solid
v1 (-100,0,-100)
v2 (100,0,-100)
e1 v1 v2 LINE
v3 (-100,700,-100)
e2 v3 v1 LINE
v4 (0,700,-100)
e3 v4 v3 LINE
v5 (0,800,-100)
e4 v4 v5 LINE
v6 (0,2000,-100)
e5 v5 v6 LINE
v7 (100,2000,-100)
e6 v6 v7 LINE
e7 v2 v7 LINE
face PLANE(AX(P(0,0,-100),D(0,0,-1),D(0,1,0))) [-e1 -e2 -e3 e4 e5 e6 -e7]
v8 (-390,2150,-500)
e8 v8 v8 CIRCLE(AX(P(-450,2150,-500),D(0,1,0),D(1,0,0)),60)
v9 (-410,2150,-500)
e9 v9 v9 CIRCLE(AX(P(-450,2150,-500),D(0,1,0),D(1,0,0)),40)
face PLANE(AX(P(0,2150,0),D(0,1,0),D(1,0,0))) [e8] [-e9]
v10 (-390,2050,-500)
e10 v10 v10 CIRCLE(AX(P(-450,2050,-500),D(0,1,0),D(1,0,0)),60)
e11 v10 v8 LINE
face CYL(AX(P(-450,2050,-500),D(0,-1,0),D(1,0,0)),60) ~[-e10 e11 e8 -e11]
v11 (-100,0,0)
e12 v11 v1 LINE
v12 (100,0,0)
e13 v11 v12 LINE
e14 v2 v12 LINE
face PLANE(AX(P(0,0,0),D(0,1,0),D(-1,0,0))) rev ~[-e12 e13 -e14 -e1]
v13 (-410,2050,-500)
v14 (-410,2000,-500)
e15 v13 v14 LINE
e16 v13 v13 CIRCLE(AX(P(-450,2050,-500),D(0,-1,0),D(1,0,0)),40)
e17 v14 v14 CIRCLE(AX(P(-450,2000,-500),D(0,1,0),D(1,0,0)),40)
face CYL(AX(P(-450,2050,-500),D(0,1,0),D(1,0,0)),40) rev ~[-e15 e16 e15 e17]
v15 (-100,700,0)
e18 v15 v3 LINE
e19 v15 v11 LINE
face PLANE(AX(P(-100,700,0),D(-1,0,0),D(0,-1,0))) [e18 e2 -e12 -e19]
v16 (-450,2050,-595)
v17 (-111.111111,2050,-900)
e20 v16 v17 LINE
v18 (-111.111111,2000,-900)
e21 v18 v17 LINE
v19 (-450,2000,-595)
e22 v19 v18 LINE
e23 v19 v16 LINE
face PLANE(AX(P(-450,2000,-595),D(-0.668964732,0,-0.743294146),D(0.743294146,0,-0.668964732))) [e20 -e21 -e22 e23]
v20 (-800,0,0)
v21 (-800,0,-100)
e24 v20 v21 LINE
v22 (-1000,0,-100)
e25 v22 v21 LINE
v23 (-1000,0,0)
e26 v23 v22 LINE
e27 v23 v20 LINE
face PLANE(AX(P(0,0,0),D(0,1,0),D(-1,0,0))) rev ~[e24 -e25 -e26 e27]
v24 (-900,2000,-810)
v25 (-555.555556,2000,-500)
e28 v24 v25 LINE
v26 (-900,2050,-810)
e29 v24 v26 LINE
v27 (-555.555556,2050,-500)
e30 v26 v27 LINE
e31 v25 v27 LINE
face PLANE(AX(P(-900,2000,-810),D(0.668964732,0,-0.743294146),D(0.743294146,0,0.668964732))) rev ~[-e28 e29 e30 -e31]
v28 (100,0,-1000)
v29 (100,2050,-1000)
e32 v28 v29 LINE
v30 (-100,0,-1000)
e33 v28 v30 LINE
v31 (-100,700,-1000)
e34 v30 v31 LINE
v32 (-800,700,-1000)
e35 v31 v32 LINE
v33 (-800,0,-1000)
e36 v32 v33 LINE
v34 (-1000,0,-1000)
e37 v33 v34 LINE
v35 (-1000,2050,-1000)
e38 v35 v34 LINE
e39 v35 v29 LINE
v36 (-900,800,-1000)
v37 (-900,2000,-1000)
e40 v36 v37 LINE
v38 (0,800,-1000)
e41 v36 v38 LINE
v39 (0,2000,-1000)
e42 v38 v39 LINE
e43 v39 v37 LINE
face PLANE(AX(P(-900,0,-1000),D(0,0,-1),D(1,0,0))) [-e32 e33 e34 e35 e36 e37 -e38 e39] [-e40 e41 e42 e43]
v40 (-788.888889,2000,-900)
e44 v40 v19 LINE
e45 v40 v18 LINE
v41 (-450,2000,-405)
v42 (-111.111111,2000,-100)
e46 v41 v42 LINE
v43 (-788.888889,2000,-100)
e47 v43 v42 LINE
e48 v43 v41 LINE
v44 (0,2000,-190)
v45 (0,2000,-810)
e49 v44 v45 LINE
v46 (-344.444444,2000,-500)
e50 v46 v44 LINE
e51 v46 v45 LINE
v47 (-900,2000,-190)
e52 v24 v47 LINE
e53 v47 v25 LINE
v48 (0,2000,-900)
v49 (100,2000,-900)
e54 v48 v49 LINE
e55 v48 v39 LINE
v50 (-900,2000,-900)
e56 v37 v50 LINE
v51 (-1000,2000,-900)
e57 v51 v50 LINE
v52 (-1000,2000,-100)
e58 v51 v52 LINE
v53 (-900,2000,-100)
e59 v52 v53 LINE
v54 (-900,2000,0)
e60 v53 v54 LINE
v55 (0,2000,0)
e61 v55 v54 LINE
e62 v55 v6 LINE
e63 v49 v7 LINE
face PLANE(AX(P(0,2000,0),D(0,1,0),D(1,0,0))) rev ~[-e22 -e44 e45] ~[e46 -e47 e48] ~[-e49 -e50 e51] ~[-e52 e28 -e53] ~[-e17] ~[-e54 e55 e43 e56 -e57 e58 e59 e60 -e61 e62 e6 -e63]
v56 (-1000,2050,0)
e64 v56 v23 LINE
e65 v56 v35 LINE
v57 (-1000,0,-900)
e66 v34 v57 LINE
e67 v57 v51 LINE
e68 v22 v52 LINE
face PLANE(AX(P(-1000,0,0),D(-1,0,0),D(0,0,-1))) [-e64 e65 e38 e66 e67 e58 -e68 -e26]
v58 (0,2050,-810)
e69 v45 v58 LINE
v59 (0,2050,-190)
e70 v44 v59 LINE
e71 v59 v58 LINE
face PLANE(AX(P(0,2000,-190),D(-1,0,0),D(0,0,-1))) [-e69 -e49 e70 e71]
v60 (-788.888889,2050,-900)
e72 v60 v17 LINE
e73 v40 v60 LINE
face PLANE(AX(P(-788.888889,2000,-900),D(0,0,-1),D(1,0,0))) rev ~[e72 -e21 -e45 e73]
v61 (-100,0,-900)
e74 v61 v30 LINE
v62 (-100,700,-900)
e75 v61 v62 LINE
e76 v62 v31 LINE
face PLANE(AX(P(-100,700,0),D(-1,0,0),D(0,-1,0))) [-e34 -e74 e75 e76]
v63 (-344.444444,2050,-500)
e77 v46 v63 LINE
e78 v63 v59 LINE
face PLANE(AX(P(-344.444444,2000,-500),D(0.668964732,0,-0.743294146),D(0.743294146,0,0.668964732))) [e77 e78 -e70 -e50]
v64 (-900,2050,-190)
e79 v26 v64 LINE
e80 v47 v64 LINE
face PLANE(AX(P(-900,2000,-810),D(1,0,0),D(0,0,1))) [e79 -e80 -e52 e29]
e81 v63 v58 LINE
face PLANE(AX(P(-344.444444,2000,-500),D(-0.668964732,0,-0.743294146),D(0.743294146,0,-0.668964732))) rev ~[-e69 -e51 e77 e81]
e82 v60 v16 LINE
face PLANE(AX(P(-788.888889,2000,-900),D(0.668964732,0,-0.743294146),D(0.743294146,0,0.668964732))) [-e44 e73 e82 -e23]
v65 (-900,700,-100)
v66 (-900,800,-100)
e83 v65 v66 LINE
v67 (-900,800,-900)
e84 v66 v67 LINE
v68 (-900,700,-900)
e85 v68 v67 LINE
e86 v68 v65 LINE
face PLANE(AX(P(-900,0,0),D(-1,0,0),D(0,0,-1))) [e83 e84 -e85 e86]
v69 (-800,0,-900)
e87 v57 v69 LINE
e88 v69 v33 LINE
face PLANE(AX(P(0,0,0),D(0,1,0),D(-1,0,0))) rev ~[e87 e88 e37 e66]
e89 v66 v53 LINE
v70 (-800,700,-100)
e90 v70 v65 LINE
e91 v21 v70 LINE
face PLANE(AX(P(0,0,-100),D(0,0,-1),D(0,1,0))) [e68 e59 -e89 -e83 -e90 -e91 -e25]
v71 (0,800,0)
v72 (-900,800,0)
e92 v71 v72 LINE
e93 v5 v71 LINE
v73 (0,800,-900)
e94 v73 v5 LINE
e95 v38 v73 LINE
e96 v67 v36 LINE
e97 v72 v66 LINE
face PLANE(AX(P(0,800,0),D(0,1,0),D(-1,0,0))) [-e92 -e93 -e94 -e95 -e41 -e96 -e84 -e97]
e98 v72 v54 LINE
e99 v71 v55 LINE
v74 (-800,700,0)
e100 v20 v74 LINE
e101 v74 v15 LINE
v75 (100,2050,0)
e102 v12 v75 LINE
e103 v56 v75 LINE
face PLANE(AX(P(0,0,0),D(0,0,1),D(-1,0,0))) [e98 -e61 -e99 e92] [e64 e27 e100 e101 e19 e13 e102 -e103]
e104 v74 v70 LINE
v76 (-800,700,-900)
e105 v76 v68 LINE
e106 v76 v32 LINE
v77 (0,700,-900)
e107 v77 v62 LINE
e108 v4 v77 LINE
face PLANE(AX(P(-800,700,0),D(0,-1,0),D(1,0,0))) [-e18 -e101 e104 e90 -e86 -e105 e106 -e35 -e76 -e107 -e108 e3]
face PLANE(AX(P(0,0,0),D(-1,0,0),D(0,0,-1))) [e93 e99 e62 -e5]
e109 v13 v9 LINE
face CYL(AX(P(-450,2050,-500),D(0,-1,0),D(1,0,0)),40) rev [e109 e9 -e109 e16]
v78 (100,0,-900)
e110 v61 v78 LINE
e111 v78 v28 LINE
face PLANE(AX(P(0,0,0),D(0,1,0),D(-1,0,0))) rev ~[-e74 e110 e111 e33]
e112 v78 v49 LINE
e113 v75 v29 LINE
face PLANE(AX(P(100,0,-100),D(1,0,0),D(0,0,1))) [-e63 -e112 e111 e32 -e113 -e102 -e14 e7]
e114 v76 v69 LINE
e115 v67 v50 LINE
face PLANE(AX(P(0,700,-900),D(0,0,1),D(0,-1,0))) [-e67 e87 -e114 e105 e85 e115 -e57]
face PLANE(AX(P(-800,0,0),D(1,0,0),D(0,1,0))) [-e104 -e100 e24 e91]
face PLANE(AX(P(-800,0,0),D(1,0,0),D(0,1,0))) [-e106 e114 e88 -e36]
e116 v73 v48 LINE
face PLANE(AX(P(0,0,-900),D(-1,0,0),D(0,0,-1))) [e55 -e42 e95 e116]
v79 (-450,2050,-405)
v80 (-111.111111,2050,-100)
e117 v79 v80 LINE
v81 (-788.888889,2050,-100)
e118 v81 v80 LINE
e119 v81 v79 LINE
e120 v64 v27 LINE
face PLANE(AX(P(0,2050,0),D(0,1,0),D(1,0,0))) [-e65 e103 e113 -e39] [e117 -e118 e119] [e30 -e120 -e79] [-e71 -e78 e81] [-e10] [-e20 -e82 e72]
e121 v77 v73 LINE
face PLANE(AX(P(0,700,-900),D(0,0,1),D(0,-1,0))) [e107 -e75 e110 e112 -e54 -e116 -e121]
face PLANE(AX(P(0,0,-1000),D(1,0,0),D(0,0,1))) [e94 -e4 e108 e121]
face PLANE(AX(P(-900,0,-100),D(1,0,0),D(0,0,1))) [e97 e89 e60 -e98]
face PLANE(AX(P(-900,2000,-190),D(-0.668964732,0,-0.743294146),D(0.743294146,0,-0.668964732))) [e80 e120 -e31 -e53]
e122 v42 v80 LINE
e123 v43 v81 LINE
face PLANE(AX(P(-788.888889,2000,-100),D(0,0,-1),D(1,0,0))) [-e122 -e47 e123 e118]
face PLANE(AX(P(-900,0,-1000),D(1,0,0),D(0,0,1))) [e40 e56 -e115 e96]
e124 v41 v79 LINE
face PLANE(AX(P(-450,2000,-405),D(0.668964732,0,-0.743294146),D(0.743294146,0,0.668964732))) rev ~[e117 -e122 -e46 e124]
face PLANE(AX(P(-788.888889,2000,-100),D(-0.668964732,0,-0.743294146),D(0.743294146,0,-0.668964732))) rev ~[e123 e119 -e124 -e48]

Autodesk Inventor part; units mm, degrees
ref_plane "YZ Plane" through (0, 0, 0) normal (1, 0, 0) x (0, 1, 0)
ref_plane "XZ Plane" through (0, 0, 0) normal (0, 1, 0) x (-1, 0, 0)
ref_plane "XY Plane" through (0, 0, 0) normal (0, 0, 1) x (1, 0, 0)
sketch "Sketch2" plane through (0, 0, 0) normal (0, 1, 0) x (-1, 0, 0)
  line L0 (0, 0) -> (900, 0)
  line L1 (900, 0) -> (900, -1000)
  line L2 (900, -1000) -> (0, -1000)
  line L3 (0, -1000) -> (0, 0)
  dimension "d0" = 900
  dimension "d1" = 1000
extrude "Extrusion1" add sketch "Sketch2" along normal blind 800
sketch "Sketch3" plane through (-900, 0, 0) normal (0, 0, 1) x (1, 0, 0)
  line L0 (900, 0) -> (0, 0) projected
  line L1 (0, 0) -> (100, 0)
  line L2 (900, 0) -> (900, 800) projected
  line L3 (900, 0) -> (800, 0)
  line L4 (800, 0) -> (100, 0)
  line L5 (100, 0) -> (100, 700)
  line L6 (100, 700) -> (800, 700)
  line L7 (800, 700) -> (800, 0)
  dimension "d4" = 100
  dimension "d5" = 100
  dimension "d6" = 700
extrude "Extrusion2" cut sketch "Sketch3" against normal through all
sketch "Sketch4" plane through (0, 0, 0) normal (1, 0, 0) x (0, 0, -1)
  line L0 (0, 0) -> (100, 0)
  line L1 (1000, 0) -> (0, 0) projected
  line L2 (1000, 0) -> (900, 0)
  line L3 (0, 700) -> (1000, 700) projected
  line L4 (900, 0) -> (100, 0)
  line L5 (100, 0) -> (100, 700)
  line L6 (100, 700) -> (900, 700)
  line L7 (900, 700) -> (900, 0)
  dimension "d9" = 100
  dimension "d10" = 100
extrude "Extrusion3" cut sketch "Sketch4" against normal through all
sketch "Sketch5" plane through (0, 0, 0) normal (0, -1, 0) x (1, 0, 0)
  line L0 (-900, -100) -> (-800, -100) projected
  line L1 (-800, -100) -> (-800, 0) projected
  line L2 (-900, 0) -> (-800, 0) projected
  line L3 (-900, -100) -> (-900, 0) projected
  line L4 (-800, -900) -> (-900, -900) projected
  line L5 (-900, -1000) -> (-900, -900) projected
  line L6 (-800, -1000) -> (-900, -1000) projected
  line L7 (-800, -1000) -> (-800, -900) projected
  line L8 (0, -900) -> (-100, -900) projected
  line L9 (-100, -900) -> (-100, -1000) projected
  line L10 (0, -1000) -> (-100, -1000) projected
  line L11 (0, -900) -> (0, -1000) projected
  line L12 (-100, -100) -> (0, -100) projected
  line L13 (0, 0) -> (0, -100) projected
  line L14 (-100, 0) -> (0, 0) projected
  line L15 (-100, 0) -> (-100, -100) projected
  line L16 (0, -100) -> (-100, -100) projected
  line L17 (0, -100) -> (100, -100)
  line L18 (100, -100) -> (100, 0)
  line L19 (100, 0) -> (0, 0)
  line L20 (0, 0) -> (0, -100)
  line L21 (0, -900) -> (100, -900)
  line L22 (100, -900) -> (100, -1000)
  line L23 (100, -1000) -> (0, -1000)
  line L24 (0, -1000) -> (0, -900)
  line L25 (-900, -1000) -> (-1000, -1000)
  line L26 (-1000, -1000) -> (-1000, -900)
  line L27 (-1000, -900) -> (-900, -900)
  line L28 (-900, -900) -> (-900, -1000)
  line L29 (-900, 0) -> (-1000, 0)
  line L30 (-1000, 0) -> (-1000, -100)
  line L31 (-1000, -100) -> (-900, -100)
  line L32 (-900, -100) -> (-900, 0)
  dimension "d13" = 100
  dimension "d14" = 100
extrude "Extrusion4" add sketch "Sketch5" against normal blind 2000 contours L31 L30 L29 L3 | L5 L25 L26 L27 | L21 L22 L23 L11 | L13 L19 L18 L17
sketch "Sketch6" plane through (0, 2000, 0) normal (0, 1, 0) x (1, 0, 0)
  line L0 (-1000, 1000) -> (-1000, 900) projected
  line L1 (100, 0) -> (100, 100) projected
  line L2 (-1000, 0) -> (-900, 0) projected
  line L3 (100, 1000) -> (100, 900) projected
  line L4 (100, 1000) -> (-100, 1000) projected
  line L5 (-1000, 0) -> (100, 0)
  line L6 (100, 0) -> (100, 1000)
  line L7 (100, 1000) -> (-1000, 1000)
  line L8 (-1000, 1000) -> (-1000, 0)
  line L9 (-1000, 0) -> (100, 1000) construction
  line L10 (100, 0) -> (-1000, 1000) construction
  line L11 (-1000, 1000) -> (-900, 1000)
  line L12 (-900, 1000) -> (-900, 0)
  line L13 (-900, 0) -> (-1000, 0)
  line L14 (-1000, 0) -> (-1000, 1000)
  line L15 (100, 0) -> (-1000, 0)
  line L16 (-1000, 0) -> (-1000, 100)
  line L17 (-1000, 100) -> (100, 100)
  line L18 (100, 100) -> (100, 0)
  line L19 (0, 1000) -> (100, 1000)
  line L20 (100, 1000) -> (100, 0)
  line L21 (100, 0) -> (0, 0)
  line L22 (0, 0) -> (0, 1000)
  line L23 (-1000, 900) -> (100, 900)
  line L24 (100, 900) -> (100, 1000)
  line L25 (100, 1000) -> (-1000, 1000)
  line L26 (-1000, 1000) -> (-1000, 900)
  line L27 (-1000, 900) -> (0, 0)
  line L28 (-900, 1000) -> (100, 100)
  line L29 (-1000, 100) -> (0, 1000)
  line L30 (-900, 0) -> (100, 900)
  point P0 (-450, 500)
  point P1 (-788.8889, 100)
  point P2 (-450, 405)
  point P3 (-111.1111, 100)
  point P4 (-100, 1000)
  point P5 (-111.1111, 900)
  point P6 (-450, 595)
  point P7 (-788.8889, 900)
  point P8 (0, 810)
  point P9 (0, 190)
  point P10 (-344.4444, 500)
  point P11 (-900, 190)
  point P12 (-900, 810)
  point P13 (-555.5556, 500)
extrude "Extrusion5" add sketch "Sketch6" along normal blind 50 contours L7 L12 L23 L0 | L27 L12 L29 L8 | L23 L12 L27 | L28 L23 L12 | L7 L4 L29 L23 L28 | L17 L12 L2 L8 | L29 L12 L17 | L23 L28 L29 L27 L12 | L17 L30 L12 | L12 L29 L27 L30 L17 | L29 L28 L30 L27 | L4 L3 L23 L22 | L22 L23 L29 | L23 L22 L30 L28 L29 | L30 L17 L27 L5 | L30 L28 L22 L17 L27 | L23 L30 L22 | L22 L17 L1 L5 | L27 L17 L22 | L6 L28 L22 L30 | L28 L17 L22
sketch "Sketch7" plane through (0, 2050, 0) normal (0, 1, 0) x (1, 0, 0)
  line L0 (-555.5556, 500) -> (-900, 190) projected
  line L1 (0, 190) -> (-344.4444, 500) projected
  line L2 (-555.5556, 500) -> (-344.4444, 500)
  line L3 (-111.1111, 900) -> (-450, 595) projected
  line L4 (-450, 405) -> (-111.1111, 100) projected
  line L5 (-450, 595) -> (-450, 405)
  circle A0 centre (-450, 500) radius 50
  circle A1 centre (-450, 500) radius 40
  point P0 (0, 0)
  dimension "d19" = 100
  dimension "d20" = 80
extrude "Extrusion6" cut sketch "Sketch7" against normal blind 200 contours A1 L5 L2 | L2 L5 A1 | L5 A1 L2 | L2 A1 L5
sketch "Sketch8" plane through (0, 2050, 0) normal (0, 1, 0) x (1, 0, 0)
  circle A0 centre (-450, 500) radius 40 projected
  circle A1 centre (-450, 500) radius 60
  point P0 (0, 0)
  dimension "d23" = 120
extrude "Extrusion7" add sketch "Sketch8" along normal blind 100
properties part number "Soporte_Corte"
